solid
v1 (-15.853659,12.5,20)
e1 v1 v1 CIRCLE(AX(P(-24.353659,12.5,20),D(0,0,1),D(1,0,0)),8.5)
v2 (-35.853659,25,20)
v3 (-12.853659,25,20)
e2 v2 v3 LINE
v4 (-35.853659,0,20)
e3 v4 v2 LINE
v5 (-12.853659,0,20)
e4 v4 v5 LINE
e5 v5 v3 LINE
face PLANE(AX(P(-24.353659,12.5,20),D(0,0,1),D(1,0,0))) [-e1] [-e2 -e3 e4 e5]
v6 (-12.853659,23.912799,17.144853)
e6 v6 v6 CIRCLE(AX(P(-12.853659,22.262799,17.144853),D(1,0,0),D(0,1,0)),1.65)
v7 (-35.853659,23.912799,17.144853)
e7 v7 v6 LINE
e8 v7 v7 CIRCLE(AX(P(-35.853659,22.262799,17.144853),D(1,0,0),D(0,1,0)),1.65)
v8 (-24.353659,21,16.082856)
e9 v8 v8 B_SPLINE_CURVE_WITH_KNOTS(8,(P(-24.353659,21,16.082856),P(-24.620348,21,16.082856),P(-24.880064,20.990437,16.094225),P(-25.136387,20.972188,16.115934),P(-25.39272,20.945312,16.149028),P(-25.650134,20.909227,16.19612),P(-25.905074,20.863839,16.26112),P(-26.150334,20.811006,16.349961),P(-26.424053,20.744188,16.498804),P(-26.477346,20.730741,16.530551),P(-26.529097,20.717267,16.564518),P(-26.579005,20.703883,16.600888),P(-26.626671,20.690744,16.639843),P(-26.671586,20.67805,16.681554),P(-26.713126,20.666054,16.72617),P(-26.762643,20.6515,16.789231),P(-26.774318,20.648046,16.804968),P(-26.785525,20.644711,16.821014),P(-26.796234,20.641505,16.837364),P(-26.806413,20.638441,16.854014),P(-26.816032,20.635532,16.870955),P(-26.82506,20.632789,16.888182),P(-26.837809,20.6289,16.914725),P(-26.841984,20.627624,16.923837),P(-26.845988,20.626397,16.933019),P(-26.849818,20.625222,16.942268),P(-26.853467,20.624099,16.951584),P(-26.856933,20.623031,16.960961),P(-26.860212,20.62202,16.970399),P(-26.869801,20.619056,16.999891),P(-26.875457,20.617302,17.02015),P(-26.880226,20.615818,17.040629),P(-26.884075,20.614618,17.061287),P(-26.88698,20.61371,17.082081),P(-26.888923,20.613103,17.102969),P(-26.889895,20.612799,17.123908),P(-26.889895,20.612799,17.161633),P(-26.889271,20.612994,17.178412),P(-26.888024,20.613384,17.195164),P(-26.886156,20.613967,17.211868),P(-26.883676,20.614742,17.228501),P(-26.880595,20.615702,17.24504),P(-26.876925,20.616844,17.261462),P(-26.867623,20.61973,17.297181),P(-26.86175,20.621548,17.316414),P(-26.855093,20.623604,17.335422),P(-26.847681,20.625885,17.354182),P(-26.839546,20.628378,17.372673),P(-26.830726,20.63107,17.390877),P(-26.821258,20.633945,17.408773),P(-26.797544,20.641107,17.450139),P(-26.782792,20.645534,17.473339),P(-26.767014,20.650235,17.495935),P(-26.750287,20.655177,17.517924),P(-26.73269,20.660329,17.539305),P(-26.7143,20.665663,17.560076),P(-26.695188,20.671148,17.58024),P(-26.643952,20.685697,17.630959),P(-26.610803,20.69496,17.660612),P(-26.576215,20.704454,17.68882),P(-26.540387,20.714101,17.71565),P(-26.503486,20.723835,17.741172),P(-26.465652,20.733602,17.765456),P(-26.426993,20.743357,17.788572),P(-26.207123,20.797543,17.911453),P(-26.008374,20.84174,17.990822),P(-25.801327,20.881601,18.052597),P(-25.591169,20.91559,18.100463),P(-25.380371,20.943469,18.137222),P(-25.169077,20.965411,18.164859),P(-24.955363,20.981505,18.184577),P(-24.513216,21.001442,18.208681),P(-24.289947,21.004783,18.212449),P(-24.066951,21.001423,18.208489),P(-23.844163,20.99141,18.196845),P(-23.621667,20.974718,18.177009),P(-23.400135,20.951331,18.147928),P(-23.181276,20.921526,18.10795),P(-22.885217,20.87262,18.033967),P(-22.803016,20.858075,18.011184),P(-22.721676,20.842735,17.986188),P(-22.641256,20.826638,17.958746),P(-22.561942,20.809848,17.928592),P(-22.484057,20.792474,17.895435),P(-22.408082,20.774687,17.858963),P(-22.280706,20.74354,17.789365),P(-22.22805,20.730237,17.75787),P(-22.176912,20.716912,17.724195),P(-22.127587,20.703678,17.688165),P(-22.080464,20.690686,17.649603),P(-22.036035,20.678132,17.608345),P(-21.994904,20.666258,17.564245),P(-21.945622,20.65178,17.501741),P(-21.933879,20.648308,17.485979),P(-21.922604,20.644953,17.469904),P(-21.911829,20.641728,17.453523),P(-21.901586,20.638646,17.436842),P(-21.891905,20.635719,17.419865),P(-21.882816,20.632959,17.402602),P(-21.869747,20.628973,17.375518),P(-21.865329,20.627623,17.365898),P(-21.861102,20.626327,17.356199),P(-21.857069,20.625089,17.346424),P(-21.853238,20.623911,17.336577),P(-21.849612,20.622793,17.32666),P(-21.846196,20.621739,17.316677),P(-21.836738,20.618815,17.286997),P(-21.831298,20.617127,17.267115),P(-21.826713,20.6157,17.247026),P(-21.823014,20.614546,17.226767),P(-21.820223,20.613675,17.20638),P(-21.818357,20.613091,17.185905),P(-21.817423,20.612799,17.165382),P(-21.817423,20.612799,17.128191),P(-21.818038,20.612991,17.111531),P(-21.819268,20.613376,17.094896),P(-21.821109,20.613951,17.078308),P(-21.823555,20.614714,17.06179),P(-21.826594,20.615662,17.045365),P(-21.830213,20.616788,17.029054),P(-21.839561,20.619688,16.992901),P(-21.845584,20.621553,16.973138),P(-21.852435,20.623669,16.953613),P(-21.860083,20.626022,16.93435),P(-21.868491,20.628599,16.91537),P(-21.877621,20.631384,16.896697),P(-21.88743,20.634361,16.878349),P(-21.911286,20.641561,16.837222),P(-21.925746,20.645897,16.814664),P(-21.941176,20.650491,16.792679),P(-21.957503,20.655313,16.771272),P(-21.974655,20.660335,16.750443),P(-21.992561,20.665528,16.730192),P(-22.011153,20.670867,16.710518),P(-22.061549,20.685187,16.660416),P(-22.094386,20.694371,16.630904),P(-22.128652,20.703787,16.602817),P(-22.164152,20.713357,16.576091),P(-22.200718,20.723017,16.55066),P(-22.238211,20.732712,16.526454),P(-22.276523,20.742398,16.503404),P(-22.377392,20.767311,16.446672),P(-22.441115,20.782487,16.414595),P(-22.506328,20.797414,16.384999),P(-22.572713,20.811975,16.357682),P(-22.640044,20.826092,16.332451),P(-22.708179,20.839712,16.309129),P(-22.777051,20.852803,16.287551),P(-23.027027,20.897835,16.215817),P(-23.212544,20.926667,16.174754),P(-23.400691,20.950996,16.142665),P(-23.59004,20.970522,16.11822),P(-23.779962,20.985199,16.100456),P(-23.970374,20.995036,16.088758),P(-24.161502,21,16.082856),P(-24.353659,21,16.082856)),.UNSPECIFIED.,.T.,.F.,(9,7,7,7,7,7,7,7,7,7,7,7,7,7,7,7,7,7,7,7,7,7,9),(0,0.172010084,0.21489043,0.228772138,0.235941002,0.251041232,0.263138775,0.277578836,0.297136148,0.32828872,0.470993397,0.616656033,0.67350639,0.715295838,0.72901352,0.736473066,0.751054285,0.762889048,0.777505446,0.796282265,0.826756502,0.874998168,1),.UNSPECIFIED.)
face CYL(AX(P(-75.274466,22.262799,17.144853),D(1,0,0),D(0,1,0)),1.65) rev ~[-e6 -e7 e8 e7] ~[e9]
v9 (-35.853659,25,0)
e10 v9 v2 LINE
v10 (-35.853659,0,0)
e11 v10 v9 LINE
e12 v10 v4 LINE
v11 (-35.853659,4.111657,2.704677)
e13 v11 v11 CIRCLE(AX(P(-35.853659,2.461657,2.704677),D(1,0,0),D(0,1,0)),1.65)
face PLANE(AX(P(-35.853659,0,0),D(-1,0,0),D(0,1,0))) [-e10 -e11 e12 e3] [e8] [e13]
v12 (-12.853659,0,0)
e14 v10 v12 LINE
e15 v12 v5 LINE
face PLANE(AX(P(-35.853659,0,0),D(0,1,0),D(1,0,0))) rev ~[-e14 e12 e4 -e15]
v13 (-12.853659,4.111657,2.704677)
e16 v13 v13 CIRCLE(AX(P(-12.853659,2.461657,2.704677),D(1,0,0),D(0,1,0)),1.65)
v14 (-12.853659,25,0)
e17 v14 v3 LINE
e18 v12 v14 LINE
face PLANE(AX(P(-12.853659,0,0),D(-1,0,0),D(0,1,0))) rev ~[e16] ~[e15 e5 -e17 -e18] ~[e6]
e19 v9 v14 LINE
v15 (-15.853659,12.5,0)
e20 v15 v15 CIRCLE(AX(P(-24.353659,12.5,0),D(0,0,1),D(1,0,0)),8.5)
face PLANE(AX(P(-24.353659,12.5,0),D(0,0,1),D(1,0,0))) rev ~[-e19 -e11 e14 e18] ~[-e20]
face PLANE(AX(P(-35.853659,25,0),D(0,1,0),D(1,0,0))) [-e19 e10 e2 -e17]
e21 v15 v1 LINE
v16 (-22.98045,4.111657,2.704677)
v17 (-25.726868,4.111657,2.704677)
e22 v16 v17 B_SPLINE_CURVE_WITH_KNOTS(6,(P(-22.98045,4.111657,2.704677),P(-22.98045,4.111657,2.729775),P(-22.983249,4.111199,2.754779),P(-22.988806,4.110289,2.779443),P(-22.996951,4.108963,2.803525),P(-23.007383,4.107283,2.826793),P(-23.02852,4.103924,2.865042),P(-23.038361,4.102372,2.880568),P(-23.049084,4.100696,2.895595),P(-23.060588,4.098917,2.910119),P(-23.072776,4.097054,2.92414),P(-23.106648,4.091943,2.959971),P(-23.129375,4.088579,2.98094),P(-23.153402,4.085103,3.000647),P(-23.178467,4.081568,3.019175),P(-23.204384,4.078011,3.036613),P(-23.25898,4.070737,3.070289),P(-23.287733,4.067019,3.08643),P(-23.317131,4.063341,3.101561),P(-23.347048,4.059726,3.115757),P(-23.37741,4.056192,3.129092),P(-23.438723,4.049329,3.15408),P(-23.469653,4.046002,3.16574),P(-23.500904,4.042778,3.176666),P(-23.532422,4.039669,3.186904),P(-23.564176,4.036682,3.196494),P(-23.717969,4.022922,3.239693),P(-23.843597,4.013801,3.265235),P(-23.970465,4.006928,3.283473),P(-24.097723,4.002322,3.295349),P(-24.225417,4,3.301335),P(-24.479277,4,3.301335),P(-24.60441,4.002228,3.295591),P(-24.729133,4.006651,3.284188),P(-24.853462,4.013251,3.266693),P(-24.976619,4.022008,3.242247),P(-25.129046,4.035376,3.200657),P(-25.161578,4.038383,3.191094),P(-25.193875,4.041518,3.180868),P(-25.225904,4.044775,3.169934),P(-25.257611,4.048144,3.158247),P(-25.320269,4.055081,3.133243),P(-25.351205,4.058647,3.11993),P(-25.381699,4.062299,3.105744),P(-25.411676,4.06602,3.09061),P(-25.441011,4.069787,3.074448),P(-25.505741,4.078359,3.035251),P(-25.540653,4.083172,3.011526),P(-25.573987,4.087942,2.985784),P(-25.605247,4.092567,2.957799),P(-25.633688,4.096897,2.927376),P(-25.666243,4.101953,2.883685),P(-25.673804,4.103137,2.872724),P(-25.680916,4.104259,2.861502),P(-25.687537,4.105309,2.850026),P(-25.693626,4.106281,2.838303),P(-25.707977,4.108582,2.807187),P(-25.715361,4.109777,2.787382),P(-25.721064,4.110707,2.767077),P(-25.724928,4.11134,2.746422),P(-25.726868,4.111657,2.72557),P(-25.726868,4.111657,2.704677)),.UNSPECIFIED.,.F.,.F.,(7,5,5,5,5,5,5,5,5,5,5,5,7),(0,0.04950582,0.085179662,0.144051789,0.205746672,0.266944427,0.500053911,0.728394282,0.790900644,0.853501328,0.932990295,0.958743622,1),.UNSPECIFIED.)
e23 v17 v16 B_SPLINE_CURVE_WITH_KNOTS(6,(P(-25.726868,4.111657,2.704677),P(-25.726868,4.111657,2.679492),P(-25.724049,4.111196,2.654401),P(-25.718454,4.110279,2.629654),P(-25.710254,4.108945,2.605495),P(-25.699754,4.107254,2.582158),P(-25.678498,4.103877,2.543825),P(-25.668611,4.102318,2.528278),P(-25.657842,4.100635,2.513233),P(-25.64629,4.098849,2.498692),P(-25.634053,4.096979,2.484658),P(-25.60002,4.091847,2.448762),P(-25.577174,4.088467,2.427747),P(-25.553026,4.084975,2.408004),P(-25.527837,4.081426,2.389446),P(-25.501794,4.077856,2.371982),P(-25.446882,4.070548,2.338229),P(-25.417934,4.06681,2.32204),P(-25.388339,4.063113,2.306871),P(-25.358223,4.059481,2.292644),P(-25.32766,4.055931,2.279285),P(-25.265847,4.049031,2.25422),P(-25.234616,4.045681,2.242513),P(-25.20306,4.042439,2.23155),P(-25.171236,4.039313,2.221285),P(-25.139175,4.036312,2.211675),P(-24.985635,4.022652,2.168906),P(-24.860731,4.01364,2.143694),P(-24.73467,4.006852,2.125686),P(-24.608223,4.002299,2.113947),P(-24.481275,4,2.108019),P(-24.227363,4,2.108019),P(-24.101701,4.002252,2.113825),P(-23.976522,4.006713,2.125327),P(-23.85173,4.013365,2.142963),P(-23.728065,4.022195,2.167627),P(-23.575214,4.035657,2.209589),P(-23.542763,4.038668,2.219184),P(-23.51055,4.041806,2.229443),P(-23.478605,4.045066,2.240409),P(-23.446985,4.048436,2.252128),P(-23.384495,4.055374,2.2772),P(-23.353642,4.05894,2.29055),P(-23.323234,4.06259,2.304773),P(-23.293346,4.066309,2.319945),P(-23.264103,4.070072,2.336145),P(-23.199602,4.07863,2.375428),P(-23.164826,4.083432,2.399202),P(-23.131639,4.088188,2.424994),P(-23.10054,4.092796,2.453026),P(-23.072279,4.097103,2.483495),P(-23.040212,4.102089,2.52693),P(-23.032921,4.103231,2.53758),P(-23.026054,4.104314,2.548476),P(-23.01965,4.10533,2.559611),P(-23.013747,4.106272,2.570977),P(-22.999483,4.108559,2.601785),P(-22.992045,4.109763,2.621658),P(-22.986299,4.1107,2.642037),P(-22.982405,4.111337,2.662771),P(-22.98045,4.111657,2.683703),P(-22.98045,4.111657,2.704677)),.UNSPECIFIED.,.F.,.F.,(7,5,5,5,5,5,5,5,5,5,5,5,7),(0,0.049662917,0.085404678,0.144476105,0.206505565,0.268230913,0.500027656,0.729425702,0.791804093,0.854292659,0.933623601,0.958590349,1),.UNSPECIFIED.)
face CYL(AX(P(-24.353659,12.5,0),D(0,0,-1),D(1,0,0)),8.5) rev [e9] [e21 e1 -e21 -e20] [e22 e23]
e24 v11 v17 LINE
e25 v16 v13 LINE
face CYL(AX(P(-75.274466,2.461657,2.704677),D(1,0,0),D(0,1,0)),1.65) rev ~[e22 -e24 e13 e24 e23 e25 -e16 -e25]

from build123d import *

# Parameters (mm, degrees)
F0_W     = 23
F0_H     = 25
F0_R     = 8.5
F1_DEPTH = 20
F3_D     = 3.3


with BuildPart() as f1:
    # F0 (on Top) → F1 (new body)
    with BuildSketch(Plane.XY):
        with Locations((-24.353659, 12.5)):
            Rectangle(F0_W, F0_H)
        with Locations((-24.353659, 12.5)):
            Circle(F0_R, mode=Mode.SUBTRACT)
    extrude(amount=F1_DEPTH)

    # F3 (through all)
    with Locations(Plane(origin=(-35.853659, 0, 0), x_dir=(0, -1, 0), z_dir=(-1, 0, 0))):
        with Locations((-2.461657, 2.704677), (-22.262799, 17.144853), (-22.262799, 17.144853)):
            Hole(F3_D / 2)


solid = f1.part
